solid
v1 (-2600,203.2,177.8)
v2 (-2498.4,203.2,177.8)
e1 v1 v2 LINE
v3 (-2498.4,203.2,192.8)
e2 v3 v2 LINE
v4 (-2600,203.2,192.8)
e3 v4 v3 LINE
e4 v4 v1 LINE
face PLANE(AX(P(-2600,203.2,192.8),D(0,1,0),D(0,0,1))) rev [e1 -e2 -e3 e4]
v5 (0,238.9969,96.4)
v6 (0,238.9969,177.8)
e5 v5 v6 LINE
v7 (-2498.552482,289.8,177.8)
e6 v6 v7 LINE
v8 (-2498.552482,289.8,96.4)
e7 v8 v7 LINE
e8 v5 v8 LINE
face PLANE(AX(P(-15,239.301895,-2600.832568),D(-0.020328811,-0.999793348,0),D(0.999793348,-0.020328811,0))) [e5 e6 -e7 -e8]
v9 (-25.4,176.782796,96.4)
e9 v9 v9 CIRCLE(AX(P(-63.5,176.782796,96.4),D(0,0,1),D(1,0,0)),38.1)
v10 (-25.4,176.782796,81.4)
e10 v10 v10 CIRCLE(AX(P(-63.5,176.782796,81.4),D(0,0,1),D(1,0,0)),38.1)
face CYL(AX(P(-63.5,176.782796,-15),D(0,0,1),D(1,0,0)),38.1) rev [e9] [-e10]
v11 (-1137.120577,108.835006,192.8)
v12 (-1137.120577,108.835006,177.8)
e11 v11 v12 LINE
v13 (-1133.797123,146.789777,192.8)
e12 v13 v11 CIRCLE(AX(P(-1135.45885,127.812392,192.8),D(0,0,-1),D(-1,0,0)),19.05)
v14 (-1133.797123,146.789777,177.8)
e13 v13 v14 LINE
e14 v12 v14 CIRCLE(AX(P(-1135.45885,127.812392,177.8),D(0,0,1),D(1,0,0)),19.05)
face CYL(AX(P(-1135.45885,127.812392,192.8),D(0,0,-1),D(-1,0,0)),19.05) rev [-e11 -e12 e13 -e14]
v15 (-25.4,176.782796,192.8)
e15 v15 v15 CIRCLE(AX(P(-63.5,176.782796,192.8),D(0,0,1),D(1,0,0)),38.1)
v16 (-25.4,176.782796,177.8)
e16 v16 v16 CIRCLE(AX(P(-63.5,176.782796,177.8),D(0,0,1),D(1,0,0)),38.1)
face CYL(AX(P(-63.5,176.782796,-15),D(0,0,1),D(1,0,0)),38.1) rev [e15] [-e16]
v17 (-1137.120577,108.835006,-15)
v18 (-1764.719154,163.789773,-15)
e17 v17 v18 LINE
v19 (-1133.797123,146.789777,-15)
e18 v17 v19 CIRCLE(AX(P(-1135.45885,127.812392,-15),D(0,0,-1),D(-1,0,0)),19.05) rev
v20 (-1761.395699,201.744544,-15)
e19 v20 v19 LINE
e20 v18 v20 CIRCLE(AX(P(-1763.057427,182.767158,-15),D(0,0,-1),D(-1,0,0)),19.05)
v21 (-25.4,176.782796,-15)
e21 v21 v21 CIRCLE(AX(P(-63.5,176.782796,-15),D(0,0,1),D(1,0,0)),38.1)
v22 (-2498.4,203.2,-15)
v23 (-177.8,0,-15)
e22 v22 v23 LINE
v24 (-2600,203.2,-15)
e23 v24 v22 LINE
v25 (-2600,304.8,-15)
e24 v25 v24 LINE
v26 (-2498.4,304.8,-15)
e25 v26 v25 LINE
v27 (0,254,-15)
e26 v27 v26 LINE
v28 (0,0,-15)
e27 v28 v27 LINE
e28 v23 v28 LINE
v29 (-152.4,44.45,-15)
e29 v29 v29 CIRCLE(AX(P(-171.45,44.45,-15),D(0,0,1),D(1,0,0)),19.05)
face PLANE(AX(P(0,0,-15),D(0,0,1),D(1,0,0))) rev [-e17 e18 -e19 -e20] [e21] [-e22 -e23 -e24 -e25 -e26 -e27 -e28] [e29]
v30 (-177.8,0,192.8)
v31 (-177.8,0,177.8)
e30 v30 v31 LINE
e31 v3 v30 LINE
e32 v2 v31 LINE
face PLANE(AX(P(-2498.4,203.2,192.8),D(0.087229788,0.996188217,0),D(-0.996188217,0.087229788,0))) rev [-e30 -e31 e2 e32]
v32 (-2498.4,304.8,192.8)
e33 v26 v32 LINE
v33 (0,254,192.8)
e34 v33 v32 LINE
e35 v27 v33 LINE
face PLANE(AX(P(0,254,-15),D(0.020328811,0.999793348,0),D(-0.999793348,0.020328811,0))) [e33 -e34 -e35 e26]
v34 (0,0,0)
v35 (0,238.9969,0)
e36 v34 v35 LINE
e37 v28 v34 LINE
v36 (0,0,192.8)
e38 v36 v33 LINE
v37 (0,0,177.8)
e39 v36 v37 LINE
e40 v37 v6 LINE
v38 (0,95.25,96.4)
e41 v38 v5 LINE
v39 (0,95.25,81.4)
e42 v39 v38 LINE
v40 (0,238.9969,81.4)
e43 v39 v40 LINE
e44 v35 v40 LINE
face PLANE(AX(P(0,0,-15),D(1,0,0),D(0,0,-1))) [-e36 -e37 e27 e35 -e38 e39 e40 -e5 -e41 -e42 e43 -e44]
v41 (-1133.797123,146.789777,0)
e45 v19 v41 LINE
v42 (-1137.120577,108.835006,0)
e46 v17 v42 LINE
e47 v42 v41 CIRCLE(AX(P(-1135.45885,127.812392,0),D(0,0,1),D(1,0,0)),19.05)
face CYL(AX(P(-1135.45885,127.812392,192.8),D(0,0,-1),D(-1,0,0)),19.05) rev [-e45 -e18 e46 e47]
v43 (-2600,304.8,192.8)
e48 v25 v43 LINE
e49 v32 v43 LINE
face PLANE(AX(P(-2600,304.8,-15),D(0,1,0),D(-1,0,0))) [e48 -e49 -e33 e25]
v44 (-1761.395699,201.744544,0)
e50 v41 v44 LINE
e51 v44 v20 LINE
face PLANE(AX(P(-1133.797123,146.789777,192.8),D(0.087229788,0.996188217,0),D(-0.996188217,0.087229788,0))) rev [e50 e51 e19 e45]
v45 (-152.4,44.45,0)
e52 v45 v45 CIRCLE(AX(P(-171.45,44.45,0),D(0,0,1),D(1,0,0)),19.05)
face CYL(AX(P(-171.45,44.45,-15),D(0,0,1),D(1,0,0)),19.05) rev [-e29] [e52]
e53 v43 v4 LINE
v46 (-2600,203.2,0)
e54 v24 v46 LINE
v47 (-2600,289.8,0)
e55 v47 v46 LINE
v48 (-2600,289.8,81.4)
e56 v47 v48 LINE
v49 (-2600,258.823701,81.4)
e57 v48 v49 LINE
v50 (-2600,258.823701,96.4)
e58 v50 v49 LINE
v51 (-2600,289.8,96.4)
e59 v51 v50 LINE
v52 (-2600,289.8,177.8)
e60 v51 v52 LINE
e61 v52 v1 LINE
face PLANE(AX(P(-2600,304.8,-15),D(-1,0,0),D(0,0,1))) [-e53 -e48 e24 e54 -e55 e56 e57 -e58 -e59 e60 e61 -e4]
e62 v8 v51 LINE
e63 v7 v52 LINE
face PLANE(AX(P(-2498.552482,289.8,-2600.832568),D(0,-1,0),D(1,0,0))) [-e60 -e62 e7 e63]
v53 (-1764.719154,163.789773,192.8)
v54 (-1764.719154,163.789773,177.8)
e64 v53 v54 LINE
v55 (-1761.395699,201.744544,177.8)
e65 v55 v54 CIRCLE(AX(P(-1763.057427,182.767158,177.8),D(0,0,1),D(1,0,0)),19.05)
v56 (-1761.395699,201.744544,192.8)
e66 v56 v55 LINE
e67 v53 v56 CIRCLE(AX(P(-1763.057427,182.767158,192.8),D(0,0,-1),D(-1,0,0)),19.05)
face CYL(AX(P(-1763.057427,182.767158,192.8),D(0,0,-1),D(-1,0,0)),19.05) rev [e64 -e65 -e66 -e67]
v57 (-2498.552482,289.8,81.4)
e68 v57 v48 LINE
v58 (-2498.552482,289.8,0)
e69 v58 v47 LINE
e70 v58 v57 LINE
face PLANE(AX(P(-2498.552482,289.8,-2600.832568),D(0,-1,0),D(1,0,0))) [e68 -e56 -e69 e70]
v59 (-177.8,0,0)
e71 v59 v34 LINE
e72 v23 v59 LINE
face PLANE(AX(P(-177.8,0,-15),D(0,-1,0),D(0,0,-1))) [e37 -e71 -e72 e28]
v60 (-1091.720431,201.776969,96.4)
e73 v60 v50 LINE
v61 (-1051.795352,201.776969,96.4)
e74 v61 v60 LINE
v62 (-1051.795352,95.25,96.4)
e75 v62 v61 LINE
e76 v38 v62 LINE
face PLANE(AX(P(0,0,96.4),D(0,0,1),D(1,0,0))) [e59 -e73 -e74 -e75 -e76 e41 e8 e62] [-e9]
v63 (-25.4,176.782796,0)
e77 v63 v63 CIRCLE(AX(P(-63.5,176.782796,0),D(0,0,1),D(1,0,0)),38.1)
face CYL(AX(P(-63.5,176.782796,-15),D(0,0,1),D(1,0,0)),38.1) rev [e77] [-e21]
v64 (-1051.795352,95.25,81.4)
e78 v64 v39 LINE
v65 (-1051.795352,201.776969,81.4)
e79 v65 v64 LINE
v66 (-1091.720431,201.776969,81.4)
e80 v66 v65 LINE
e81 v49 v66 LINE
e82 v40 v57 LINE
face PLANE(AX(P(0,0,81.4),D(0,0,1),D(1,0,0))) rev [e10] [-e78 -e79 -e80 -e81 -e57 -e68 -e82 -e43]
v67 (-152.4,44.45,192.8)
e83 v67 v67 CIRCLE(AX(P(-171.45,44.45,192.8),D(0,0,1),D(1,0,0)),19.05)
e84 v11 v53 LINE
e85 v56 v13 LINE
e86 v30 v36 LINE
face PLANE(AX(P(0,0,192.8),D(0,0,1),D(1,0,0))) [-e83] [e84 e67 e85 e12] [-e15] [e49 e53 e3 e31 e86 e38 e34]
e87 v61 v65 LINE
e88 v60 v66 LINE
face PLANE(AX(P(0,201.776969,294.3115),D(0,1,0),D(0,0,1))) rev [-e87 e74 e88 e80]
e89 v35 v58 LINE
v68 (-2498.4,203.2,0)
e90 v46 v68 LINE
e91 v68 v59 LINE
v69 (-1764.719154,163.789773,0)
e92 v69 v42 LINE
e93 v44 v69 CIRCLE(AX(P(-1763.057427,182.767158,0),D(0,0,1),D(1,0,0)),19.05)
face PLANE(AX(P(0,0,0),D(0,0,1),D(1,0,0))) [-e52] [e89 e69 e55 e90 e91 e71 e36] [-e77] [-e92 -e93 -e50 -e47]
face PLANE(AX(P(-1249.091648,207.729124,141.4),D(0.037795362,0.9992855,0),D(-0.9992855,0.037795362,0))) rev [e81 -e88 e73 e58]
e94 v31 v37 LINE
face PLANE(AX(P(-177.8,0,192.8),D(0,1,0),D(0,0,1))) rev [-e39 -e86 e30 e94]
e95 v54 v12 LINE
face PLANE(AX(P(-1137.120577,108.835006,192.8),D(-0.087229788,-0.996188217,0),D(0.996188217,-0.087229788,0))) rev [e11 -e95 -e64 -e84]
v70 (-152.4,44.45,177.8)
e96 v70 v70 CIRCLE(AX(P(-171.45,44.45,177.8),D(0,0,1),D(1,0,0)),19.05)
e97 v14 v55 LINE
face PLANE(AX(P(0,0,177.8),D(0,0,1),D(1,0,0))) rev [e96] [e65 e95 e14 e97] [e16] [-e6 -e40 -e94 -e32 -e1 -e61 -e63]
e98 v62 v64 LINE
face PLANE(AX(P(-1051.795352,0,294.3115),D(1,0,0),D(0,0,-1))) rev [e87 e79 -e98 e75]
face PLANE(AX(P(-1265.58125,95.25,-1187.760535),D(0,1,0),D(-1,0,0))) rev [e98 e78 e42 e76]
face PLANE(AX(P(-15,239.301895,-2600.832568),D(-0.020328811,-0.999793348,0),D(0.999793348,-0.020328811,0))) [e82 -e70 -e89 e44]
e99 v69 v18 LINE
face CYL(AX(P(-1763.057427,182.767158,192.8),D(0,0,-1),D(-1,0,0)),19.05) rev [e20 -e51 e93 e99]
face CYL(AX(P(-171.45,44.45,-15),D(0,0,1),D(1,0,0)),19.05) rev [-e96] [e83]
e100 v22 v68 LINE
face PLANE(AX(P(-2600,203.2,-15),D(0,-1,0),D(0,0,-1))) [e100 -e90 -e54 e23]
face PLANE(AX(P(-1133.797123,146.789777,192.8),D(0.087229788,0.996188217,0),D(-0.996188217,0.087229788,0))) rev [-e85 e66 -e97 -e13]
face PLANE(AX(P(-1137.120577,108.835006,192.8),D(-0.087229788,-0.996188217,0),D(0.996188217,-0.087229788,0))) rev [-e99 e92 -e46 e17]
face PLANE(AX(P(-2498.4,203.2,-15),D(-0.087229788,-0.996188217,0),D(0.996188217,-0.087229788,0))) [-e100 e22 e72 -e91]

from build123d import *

# Parameters (mm, degrees)
BOSS_EXTRUDE1_DEPTH      = 15
BOSS_EXTRUDE2_DEPTH      = 15
BOSS_EXTRUDE3_DEPTH      = 192.8
BOSS_EXTRUDE4_DEPTH      = 7.5
BOSS_EXTRUDE4_DEPTH_BACK = 7.5
SKETCH5_R                = 38.1
SKETCH5_R_2              = 19.05
CUT_EXTRUDE1_DEPTH       = 2627.039580814
CUT_EXTRUDE2_DEPTH       = 15
CUT_EXTRUDE12_DEPTH      = 60
CUT_EXTRUDE16_DEPTH      = 2627.039580814
CUT_EXTRUDE16_DEPTH_BACK = 2627.039580814
SKETCH16_R               = 19.05
CUT_EXTRUDE17_DEPTH      = 2627.039580814
CUT_EXTRUDE17_DEPTH_BACK = 2627.039580814
SKETCH18_W               = 39.925079479
SKETCH18_H               = 106.526969349
CUT_EXTRUDE18_DEPTH      = 96.4


with BuildPart() as part:
    # Sketch1 → Boss-Extrude1 (new body)
    with BuildSketch(Plane.XY):
        Polygon((-2600, 304.8), (-2498.4, 304.8), (0, 254), (0, 0), (-177.8, 0), (-2498.4, 203.2), (-2600, 203.2), align=None)
    extrude(amount=-BOSS_EXTRUDE1_DEPTH)



with BuildPart() as body_2:
    # Sketch2 → Boss-Extrude2 (new body)
    with BuildSketch(Plane.XY.offset(177.8)):
        Polygon((-2498.4, 203.2), (-177.8, 0), (0, 0), (0, 254), (-2498.4, 304.8), (-2600, 304.8), (-2600, 203.2), align=None)
    extrude(amount=BOSS_EXTRUDE2_DEPTH)


with BuildPart() as part_1:
    add(part.part)

    add(body_2.part)  # Boss-Extrude3 merges body 2
    # Sketch3 → Boss-Extrude3 (add)
    with BuildSketch(Plane.XY.offset(192.8)):
        Polygon((-2600, 289.8), (-2600, 304.8), (-2498.4, 304.8), (0, 254), (0, 238.996899585), (-15, 239.301894782), (-2498.55248184, 289.8), align=None)
    extrude(amount=-BOSS_EXTRUDE3_DEPTH)

    # Sketch6 → Boss-Extrude4 (add, two sides: drawn at the far end of the back side and taken through both)
    with BuildSketch(Plane.XY.offset(88.9).offset(-BOSS_EXTRUDE4_DEPTH_BACK)):
        Polygon((-2498.4, 203.2), (-177.8, 0), (0, 0), (0, 254), (-2498.4, 304.8), (-2600, 304.8), (-2600, 203.2), align=None)
    extrude(amount=BOSS_EXTRUDE4_DEPTH + BOSS_EXTRUDE4_DEPTH_BACK)

    # Sketch5 → Cut-Extrude1 (cut, through all)
    with BuildSketch(Plane.XY.offset(192.8)):
        with Locations((-63.5, 176.782795882)):
            Circle(SKETCH5_R)
        with Locations((-171.45, 44.45)):
            Circle(SKETCH5_R_2)
    extrude(amount=-CUT_EXTRUDE1_DEPTH, mode=Mode.SUBTRACT)

    # Sketch7 → Cut-Extrude2 (cut)
    with BuildSketch(Plane.XY.offset(96.4)):
        Polygon((-1265.58125, 95.25), (0, 95.25), (0, 0), (-177.8, 0), align=None)
    extrude(amount=-CUT_EXTRUDE2_DEPTH, mode=Mode.SUBTRACT)

    # Sketch13 → Cut-Extrude12 (cut)
    with BuildSketch(Plane(origin=(0, 0, 81.4), x_dir=(-1, 0, 0), z_dir=(0, 0, -1))):
        Polygon((2605.267563799, 259.022933261), (2605.624161029, 249.594727716), (2612.822921274, 133.887362854), (1105.756685281, 0), (1095.76383028, 0), (1095.76383028, 94.872046381), (1091.720431016, 201.776969349), (1249.091648094, 207.729124269), align=None)
    extrude(amount=-CUT_EXTRUDE12_DEPTH, mode=Mode.SUBTRACT)

    # Sketch16 → Cut-Extrude16 (cut, two sides: drawn at the far end of the back side and taken through both)
    with BuildSketch(Plane(origin=(0, 0, -15), x_dir=(-1, 0, 0), z_dir=(0, 0, -1)).offset(-CUT_EXTRUDE16_DEPTH_BACK)):
        with Locations((1135.45885, 127.8123918)):
            Circle(SKETCH16_R)
    extrude(amount=CUT_EXTRUDE16_DEPTH + CUT_EXTRUDE16_DEPTH_BACK, mode=Mode.SUBTRACT)

    # Sketch17 → Cut-Extrude17 (cut, two sides: drawn at the far end of the back side and taken through both)
    with BuildSketch(Plane(origin=(0, 0, -15), x_dir=(-1, 0, 0), z_dir=(0, 0, -1)).offset(-CUT_EXTRUDE17_DEPTH_BACK)):
        with BuildLine():
            Line((1133.797122541, 146.789777338), (1761.395699383, 201.744543697))
            ThreePointArc((1761.395699383, 201.744543697), (1782.03481238, 184.428885618), (1764.719154301, 163.789772622))
            Line((1764.719154301, 163.789772622), (1137.120577459, 108.835006262))
            ThreePointArc((1137.120577459, 108.835006262), (1116.481464462, 126.150664341), (1133.797122541, 146.789777338))
        make_face()
    extrude(amount=CUT_EXTRUDE17_DEPTH + CUT_EXTRUDE17_DEPTH_BACK, mode=Mode.SUBTRACT)

    # Sketch18 → Cut-Extrude18 (cut)
    with BuildSketch(Plane(origin=(0, 0, 81.4), x_dir=(-1, 0, 0), z_dir=(0, 0, -1))):
        with Locations((1071.757891277, 148.513484675)):
            Rectangle(SKETCH18_W, SKETCH18_H)
        Polygon((1110.039582386, 201.776969349), (1091.720431016, 201.776969349), (1095.749535172, 95.25), (1091.720431016, 95.25), (1091.720431016, 86.714646079), (1110.039582386, 86.714646079), align=None)
    extrude(amount=-CUT_EXTRUDE18_DEPTH, mode=Mode.SUBTRACT)


with BuildPart() as body_2_2:
    # of the pieces the cut leaves, the one that is kept (cut_extrude18_keep)
    add(part_1.part.solids().sort_by_distance((-2600, 304.8, -15))[0])


solid = body_2_2.part
